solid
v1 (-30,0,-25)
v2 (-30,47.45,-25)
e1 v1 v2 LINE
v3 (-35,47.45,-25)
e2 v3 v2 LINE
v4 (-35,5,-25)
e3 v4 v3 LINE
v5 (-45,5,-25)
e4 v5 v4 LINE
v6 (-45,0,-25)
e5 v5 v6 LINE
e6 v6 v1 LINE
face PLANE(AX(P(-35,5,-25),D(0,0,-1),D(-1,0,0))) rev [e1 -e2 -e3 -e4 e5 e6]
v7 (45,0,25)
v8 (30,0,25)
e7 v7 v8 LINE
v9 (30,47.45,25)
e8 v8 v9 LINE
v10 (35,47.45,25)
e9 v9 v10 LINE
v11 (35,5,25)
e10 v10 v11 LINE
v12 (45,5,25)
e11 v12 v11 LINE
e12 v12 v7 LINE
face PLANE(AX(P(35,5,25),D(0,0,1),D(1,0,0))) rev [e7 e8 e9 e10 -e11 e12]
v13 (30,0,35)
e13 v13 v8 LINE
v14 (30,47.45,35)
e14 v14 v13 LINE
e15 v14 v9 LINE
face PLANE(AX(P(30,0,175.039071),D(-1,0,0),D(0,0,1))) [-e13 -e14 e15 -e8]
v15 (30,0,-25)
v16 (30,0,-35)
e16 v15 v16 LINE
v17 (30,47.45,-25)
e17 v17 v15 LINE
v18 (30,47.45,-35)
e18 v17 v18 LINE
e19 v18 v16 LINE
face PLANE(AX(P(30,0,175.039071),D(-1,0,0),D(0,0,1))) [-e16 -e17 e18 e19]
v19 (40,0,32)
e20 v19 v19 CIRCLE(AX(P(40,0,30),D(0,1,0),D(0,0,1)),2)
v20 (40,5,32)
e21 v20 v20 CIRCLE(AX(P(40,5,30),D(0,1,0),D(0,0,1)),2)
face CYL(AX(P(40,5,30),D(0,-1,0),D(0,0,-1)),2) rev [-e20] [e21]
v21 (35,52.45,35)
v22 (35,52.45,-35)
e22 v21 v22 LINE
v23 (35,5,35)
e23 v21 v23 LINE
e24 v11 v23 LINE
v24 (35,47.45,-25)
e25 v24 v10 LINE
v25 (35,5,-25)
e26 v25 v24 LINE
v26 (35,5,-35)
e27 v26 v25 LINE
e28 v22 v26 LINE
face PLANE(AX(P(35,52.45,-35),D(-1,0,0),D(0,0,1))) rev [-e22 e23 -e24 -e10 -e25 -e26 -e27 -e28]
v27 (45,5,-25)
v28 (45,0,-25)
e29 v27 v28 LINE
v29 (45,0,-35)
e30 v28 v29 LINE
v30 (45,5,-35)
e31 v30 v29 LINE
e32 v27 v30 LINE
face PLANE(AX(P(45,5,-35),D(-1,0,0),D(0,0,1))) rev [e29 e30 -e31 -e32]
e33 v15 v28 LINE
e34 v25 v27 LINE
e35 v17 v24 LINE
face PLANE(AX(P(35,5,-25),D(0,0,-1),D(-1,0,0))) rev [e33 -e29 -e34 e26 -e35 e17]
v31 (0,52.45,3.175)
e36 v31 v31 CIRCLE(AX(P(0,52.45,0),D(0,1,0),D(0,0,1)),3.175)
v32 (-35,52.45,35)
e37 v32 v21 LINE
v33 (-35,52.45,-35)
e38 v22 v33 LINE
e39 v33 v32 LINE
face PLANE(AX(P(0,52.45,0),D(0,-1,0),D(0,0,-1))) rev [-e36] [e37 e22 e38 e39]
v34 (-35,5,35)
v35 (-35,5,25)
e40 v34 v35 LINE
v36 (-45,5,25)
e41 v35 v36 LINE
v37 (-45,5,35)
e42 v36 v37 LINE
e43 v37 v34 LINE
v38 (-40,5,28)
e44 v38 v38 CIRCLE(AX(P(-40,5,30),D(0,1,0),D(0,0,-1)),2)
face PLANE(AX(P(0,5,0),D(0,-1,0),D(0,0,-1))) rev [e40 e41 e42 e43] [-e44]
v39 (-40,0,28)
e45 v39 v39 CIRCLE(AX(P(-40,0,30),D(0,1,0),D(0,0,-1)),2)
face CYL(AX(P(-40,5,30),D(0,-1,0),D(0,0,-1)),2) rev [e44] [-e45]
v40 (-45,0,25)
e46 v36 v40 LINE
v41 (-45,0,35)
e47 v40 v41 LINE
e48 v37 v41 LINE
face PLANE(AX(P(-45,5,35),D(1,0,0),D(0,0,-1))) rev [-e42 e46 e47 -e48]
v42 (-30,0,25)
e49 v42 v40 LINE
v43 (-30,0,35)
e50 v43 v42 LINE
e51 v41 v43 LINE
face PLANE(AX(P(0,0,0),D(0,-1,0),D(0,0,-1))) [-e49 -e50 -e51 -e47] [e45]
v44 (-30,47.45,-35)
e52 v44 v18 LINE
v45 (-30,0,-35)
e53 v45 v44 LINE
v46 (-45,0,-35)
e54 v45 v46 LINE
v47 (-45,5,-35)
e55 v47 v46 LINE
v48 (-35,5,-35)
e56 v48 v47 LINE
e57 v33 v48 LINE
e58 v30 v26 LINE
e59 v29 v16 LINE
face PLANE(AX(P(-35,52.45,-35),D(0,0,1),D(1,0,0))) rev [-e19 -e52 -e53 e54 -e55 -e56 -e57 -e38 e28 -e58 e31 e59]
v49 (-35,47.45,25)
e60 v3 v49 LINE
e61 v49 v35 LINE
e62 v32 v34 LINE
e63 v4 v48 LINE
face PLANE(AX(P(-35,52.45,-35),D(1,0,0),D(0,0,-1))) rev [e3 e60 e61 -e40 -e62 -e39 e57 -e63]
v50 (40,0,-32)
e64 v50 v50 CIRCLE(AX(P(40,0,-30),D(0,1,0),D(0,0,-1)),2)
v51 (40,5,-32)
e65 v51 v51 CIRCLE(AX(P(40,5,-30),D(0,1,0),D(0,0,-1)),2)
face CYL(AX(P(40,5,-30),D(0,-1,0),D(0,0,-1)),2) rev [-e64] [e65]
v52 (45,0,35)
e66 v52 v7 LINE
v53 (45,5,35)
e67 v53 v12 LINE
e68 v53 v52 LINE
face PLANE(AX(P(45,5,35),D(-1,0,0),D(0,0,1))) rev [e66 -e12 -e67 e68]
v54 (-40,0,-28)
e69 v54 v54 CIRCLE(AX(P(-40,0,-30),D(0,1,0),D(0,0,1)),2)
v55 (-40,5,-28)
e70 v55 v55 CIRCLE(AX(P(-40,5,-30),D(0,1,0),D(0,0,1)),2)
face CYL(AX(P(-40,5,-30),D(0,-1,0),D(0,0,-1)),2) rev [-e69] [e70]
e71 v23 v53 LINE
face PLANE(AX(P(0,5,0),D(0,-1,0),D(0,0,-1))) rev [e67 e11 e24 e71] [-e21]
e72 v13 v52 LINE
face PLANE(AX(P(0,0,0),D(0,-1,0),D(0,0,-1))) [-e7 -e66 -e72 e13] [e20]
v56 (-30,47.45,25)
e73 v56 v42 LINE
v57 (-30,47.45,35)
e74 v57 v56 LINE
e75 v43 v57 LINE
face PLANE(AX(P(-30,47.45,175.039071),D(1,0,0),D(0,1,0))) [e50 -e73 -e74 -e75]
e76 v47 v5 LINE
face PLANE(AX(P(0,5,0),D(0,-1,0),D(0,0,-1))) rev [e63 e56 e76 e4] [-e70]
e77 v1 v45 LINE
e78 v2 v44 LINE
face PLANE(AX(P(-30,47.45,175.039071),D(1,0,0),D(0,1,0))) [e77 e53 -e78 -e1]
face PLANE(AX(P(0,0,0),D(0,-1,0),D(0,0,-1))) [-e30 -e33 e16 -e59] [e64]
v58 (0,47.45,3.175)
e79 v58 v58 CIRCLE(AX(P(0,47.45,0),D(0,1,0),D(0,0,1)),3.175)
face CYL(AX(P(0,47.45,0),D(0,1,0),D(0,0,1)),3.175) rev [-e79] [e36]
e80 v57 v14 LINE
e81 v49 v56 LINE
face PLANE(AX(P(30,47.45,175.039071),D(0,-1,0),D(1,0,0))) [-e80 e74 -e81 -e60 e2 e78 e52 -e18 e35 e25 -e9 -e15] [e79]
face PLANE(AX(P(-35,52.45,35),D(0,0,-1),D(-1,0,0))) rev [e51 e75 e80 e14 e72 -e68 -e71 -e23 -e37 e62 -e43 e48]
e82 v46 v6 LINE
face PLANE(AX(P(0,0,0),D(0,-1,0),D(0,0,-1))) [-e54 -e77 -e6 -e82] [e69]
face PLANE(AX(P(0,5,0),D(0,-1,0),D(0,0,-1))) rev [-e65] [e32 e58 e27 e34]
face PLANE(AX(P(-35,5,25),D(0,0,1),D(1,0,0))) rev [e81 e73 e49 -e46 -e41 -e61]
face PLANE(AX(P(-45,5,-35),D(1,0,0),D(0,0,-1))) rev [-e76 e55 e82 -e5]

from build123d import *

# Parameters (mm, degrees)
SKETCH1_W               = 70
SKETCH1_H               = 70
BOSS_EXTRUDE1_DEPTH     = 52.45
CUT_EXTRUDE2_DEPTH      = 95.212538974
CUT_EXTRUDE2_DEPTH_BACK = 70
SKETCH2_W               = 60
SKETCH2_H               = 47.45
SKETCH3_W               = 10
SKETCH3_H               = 10
SKETCH3_R               = 2
BOSS_EXTRUDE2_DEPTH     = 5
SKETCH4_R               = 3.175
CUT_EXTRUDE3_DEPTH      = 5
SKETCH5_W               = 50
SKETCH5_H               = 47.45
CUT_EXTRUDE4_DEPTH      = 80


with BuildPart() as part:
    # Sketch1 → Boss-Extrude1 (new body)
    with BuildSketch(Plane(origin=(0, 0, 0), x_dir=(1, 0, 0), z_dir=(0, 1, 0))):
        Rectangle(SKETCH1_W, SKETCH1_H)
    extrude(amount=BOSS_EXTRUDE1_DEPTH)

    # Sketch2 → Cut-Extrude2 (cut, two sides: drawn at the far end of the back side and taken through both)
    with BuildSketch(Plane.XY.offset(35).offset(-CUT_EXTRUDE2_DEPTH_BACK)):
        with Locations((0, 23.725)):
            Rectangle(SKETCH2_W, SKETCH2_H)
    extrude(amount=CUT_EXTRUDE2_DEPTH + CUT_EXTRUDE2_DEPTH_BACK, mode=Mode.SUBTRACT)

    # Sketch3 → Boss-Extrude2 (add)
    # profile 1 of 4: a face of its own
    with BuildSketch(Plane(origin=(0, 0, 0), x_dir=(1, 0, 0), z_dir=(0, 1, 0))):
        with Locations((40, -30)):
            Rectangle(SKETCH3_W, SKETCH3_H)
        with Locations(Location((40, -30, 0), (0, 0, 270))):
            Circle(SKETCH3_R, mode=Mode.SUBTRACT)
    # profile 2 of 4: a face of its own
    with BuildSketch(Plane(origin=(0, 0, 0), x_dir=(1, 0, 0), z_dir=(0, 1, 0))):
        with Locations((40, 30)):
            Rectangle(SKETCH3_W, SKETCH3_H)
        with Locations(Location((40, 30, 0), (0, 0, 90))):
            Circle(SKETCH3_R, mode=Mode.SUBTRACT)
    # profile 3 of 4: a face of its own
    with BuildSketch(Plane(origin=(0, 0, 0), x_dir=(1, 0, 0), z_dir=(0, 1, 0))):
        with Locations((-40, -30)):
            Rectangle(SKETCH3_W, SKETCH3_H)
        with Locations(Location((-40, -30, 0), (0, 0, 90))):
            Circle(SKETCH3_R, mode=Mode.SUBTRACT)
    # profile 4 of 4: a face of its own
    with BuildSketch(Plane(origin=(0, 0, 0), x_dir=(1, 0, 0), z_dir=(0, 1, 0))):
        with Locations((-40, 30)):
            Rectangle(SKETCH3_W, SKETCH3_H)
        with Locations(Location((-40, 30, 0), (0, 0, 270))):
            Circle(SKETCH3_R, mode=Mode.SUBTRACT)
    extrude(amount=BOSS_EXTRUDE2_DEPTH)

    # Sketch4 → Cut-Extrude3 (cut)
    with BuildSketch(Plane(origin=(0, 52.45, 0), x_dir=(1, 0, 0), z_dir=(0, 1, 0))):
        with Locations(Location((0, 0, 0), (0, 0, 270))):
            Circle(SKETCH4_R)
    extrude(amount=-CUT_EXTRUDE3_DEPTH, mode=Mode.SUBTRACT)

    # Sketch5 → Cut-Extrude4 (cut)
    with BuildSketch(Plane(origin=(35, 0, 0), x_dir=(0, 0, -1), z_dir=(1, 0, 0))):
        with Locations((0, 23.725)):
            Rectangle(SKETCH5_W, SKETCH5_H)
    extrude(amount=-CUT_EXTRUDE4_DEPTH, mode=Mode.SUBTRACT)


solid = part.part
